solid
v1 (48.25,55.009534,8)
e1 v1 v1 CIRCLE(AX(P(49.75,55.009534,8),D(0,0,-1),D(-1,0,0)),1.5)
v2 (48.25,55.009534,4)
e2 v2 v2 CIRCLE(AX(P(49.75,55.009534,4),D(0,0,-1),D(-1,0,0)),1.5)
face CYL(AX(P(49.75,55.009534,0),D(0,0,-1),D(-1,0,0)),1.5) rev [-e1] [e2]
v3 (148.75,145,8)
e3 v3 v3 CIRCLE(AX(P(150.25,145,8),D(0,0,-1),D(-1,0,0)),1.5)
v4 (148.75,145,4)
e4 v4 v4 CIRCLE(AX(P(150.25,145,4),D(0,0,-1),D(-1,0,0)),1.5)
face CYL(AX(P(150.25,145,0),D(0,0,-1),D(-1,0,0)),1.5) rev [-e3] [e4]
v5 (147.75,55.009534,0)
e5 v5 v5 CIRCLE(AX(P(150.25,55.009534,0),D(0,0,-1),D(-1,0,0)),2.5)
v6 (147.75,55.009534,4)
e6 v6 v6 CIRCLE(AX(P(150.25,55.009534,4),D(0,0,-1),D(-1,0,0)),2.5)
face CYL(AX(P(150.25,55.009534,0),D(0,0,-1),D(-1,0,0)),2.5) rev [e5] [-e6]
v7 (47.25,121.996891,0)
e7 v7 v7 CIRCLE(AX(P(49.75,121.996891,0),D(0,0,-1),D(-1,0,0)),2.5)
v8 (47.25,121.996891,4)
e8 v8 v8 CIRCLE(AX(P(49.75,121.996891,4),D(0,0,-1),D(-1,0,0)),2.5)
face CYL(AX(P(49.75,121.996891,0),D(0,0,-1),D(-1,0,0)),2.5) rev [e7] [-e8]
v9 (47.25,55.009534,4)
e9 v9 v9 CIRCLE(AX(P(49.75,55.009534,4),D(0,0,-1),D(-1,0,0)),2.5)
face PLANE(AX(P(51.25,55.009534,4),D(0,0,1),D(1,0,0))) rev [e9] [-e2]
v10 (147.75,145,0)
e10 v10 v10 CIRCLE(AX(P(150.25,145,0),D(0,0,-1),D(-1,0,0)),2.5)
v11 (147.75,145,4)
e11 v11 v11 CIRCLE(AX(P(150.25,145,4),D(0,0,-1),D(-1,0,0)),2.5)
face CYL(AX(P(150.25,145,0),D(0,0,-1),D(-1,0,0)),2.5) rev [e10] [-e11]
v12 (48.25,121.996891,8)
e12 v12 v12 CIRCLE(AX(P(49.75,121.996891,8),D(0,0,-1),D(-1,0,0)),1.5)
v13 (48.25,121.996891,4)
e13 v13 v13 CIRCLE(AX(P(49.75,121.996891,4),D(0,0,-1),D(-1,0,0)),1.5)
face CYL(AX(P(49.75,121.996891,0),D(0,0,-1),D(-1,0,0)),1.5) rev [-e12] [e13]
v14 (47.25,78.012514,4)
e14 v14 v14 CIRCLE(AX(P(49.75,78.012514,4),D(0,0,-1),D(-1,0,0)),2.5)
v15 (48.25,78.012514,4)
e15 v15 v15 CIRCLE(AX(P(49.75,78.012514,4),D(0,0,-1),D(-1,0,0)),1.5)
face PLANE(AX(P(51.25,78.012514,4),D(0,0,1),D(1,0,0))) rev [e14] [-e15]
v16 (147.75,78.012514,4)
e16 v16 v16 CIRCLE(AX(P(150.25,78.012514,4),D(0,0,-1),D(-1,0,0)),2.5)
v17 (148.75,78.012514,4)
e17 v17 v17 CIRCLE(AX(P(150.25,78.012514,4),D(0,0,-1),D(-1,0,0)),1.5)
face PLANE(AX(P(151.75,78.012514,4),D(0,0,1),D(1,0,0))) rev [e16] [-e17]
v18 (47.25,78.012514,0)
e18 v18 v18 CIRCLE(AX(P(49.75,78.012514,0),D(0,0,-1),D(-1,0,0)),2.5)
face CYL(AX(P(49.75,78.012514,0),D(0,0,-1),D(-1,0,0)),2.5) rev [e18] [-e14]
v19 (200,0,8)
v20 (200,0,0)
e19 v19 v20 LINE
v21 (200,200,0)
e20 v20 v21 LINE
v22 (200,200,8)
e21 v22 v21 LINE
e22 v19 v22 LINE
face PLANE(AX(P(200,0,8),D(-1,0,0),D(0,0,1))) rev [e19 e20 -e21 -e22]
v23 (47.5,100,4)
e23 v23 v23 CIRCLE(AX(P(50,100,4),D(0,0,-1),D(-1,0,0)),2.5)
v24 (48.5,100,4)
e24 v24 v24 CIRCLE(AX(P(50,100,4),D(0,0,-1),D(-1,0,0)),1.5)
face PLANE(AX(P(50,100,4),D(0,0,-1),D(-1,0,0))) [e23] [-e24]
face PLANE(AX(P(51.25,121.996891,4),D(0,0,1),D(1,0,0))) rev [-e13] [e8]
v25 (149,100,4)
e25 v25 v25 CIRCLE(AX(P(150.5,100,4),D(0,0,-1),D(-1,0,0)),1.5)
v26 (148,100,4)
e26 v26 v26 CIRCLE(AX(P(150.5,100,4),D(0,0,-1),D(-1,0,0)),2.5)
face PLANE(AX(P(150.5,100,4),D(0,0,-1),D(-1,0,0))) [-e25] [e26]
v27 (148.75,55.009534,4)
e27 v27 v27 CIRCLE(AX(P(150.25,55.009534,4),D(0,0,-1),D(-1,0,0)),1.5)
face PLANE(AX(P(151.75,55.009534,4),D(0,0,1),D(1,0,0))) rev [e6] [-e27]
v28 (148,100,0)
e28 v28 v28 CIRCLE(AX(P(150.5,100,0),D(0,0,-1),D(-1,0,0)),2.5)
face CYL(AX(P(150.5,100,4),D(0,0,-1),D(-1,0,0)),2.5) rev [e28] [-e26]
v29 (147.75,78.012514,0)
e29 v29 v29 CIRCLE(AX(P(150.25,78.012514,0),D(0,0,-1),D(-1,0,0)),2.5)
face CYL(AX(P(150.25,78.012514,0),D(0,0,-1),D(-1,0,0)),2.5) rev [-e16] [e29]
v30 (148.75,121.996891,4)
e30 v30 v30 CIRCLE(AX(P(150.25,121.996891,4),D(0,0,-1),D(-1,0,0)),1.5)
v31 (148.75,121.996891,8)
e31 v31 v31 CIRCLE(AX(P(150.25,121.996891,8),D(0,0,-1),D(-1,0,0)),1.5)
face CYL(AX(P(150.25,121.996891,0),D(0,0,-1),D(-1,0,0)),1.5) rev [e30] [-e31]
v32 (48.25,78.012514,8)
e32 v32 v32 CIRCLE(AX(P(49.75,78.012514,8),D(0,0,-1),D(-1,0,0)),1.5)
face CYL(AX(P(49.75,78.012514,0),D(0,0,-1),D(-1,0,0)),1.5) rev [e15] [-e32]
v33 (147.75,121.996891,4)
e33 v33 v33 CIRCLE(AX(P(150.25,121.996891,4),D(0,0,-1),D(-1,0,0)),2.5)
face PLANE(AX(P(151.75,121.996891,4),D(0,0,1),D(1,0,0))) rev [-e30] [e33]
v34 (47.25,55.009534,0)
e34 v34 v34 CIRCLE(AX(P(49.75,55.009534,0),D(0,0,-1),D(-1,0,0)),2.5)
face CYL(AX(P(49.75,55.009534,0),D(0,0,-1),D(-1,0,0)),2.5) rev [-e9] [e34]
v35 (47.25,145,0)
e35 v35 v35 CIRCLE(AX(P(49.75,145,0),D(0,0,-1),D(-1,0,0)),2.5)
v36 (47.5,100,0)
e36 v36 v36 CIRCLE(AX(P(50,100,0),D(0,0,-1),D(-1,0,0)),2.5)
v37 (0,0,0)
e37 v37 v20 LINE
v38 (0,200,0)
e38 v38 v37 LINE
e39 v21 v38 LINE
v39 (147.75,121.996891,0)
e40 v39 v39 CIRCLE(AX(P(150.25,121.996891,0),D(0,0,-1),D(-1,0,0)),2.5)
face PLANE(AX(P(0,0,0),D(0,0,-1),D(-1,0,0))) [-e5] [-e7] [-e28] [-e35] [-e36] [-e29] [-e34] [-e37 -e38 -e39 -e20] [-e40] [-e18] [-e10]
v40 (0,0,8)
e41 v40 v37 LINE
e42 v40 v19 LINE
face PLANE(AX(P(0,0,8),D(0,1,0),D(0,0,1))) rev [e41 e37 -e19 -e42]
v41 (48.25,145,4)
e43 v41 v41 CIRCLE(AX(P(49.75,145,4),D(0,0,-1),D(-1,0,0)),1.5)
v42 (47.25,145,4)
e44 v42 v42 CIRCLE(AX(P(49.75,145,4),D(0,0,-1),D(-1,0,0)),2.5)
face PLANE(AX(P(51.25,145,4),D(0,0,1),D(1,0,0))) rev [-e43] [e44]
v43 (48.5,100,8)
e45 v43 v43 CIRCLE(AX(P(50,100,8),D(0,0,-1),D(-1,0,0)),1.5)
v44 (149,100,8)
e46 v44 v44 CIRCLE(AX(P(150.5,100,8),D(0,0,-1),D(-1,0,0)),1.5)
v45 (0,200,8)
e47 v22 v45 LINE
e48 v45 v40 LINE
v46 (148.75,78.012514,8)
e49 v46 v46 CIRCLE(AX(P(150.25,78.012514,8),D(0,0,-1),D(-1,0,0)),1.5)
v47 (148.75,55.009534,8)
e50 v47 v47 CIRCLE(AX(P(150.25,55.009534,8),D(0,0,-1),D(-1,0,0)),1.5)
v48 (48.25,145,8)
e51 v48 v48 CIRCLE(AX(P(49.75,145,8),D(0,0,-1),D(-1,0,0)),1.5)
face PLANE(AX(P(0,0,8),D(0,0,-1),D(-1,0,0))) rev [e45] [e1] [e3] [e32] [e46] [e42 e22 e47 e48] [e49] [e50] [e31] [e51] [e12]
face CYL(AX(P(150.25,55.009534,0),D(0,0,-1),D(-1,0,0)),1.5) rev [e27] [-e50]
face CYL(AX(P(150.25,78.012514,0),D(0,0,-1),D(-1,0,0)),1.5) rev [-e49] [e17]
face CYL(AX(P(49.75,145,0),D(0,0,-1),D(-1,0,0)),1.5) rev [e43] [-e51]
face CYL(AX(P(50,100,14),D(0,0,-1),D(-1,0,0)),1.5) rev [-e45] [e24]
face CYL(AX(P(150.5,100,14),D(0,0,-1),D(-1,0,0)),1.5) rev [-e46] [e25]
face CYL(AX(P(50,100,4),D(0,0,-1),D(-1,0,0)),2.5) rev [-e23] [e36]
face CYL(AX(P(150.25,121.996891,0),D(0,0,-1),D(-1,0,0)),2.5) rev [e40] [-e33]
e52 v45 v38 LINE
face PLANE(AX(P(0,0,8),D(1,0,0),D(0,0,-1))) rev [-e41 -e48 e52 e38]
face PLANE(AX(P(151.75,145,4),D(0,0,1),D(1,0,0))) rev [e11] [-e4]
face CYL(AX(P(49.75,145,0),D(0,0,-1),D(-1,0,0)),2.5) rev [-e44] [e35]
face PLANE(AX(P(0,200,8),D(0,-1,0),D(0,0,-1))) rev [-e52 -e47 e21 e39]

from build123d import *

# Parameters (mm, degrees)
SKETCH1_W                               = 200
SKETCH1_H                               = 200
BOSS_EXTRUDE1_DEPTH                     = 8
CBORE_FOR_M2_PAN_HEAD_SCREW1_AT_2_COUNT = 2
CBORE_FOR_M2_PAN_HEAD_SCREW1_AT_2_PITCH = 89.990465529
CBORE_FOR_M2_PAN_HEAD_SCREW1_AT_3_COUNT = 2
CBORE_FOR_M2_PAN_HEAD_SCREW1_AT_3_PITCH = 89.990465529
CBORE_FOR_M2_PAN_HEAD_SCREW1_AT_4_COUNT = 2
CBORE_FOR_M2_PAN_HEAD_SCREW1_AT_4_PITCH = 66.987356945
CBORE_FOR_M2_PAN_HEAD_SCREW1_AT_5_COUNT = 2
CBORE_FOR_M2_PAN_HEAD_SCREW1_AT_5_PITCH = 23.002979742
SKETCH7_R                               = 2.5
CUT_EXTRUDE1_DEPTH                      = 4
SKETCH9_R                               = 1.5
CUT_EXTRUDE2_DEPTH                      = 10
LPATTERN1_COUNT                         = 2
LPATTERN1_PITCH                         = 100.5


with BuildPart() as part:
    # Sketch1 → Boss-Extrude1 (new body)
    with BuildSketch(Plane.XY):
        with Locations((100, 100)):
            Rectangle(SKETCH1_W, SKETCH1_H)
    extrude(amount=BOSS_EXTRUDE1_DEPTH)

    # Sketch6 → CBORE for M2 Pan Head Screw1 (revolve, cut)
    with BuildSketch(Plane(origin=(49.75, 55.009534471, 0), x_dir=(0, 1, 0), z_dir=(1, 0, 0))):
        Polygon((0, 0), (0, 8.901290929), (1.5, 8), (1.5, 4), (2.5, 4), (2.5, 0), align=None)
    cbore_for_m2_pan_head_screw1 = revolve(axis=Axis((49.75, 55.009534471, -6.35), (0, 0, 1)), mode=Mode.SUBTRACT)

    # CBORE for M2 Pan Head Screw1 at 2: CBORE for M2 Pan Head Screw1 ×2
    with Locations(*[(0, i * CBORE_FOR_M2_PAN_HEAD_SCREW1_AT_2_PITCH, 0) for i in range(1, CBORE_FOR_M2_PAN_HEAD_SCREW1_AT_2_COUNT)]):
        add(cbore_for_m2_pan_head_screw1, mode=Mode.SUBTRACT)

    # CBORE for M2 Pan Head Screw1 at 3: CBORE for M2 Pan Head Screw1 ×2
    with Locations(*[(0, i * CBORE_FOR_M2_PAN_HEAD_SCREW1_AT_3_PITCH, 0) for i in range(1, CBORE_FOR_M2_PAN_HEAD_SCREW1_AT_3_COUNT)]):
        add(cbore_for_m2_pan_head_screw1, mode=Mode.SUBTRACT)

    # CBORE for M2 Pan Head Screw1 at 4: CBORE for M2 Pan Head Screw1 ×2
    with Locations(*[(0, i * CBORE_FOR_M2_PAN_HEAD_SCREW1_AT_4_PITCH, 0) for i in range(1, CBORE_FOR_M2_PAN_HEAD_SCREW1_AT_4_COUNT)]):
        add(cbore_for_m2_pan_head_screw1, mode=Mode.SUBTRACT)

    # CBORE for M2 Pan Head Screw1 at 5: CBORE for M2 Pan Head Screw1 ×2
    with Locations(*[(0, i * CBORE_FOR_M2_PAN_HEAD_SCREW1_AT_5_PITCH, 0) for i in range(1, CBORE_FOR_M2_PAN_HEAD_SCREW1_AT_5_COUNT)]):
        add(cbore_for_m2_pan_head_screw1, mode=Mode.SUBTRACT)

    # Sketch7 → Cut-Extrude1 (cut)
    with BuildSketch(Plane(origin=(0, 0, 0), x_dir=(-1, 0, 0), z_dir=(0, 0, -1))):
        with Locations((-50, 100)):
            Circle(SKETCH7_R)
    cut_extrude1 = extrude(amount=-CUT_EXTRUDE1_DEPTH, mode=Mode.SUBTRACT)

    # Sketch9 → Cut-Extrude2 (cut)
    with BuildSketch(Plane(origin=(0, 0, 4), x_dir=(-1, 0, 0), z_dir=(0, 0, -1))):
        with Locations((-50, 100)):
            Circle(SKETCH9_R)
    cut_extrude2 = extrude(amount=-CUT_EXTRUDE2_DEPTH, mode=Mode.SUBTRACT)

    # LPattern1: CBORE for M2 Pan Head Screw1, Cut-Extrude1, Cut-Extrude2 ×2
    with Locations(*[(i * LPATTERN1_PITCH, 0, 0) for i in range(1, LPATTERN1_COUNT)]):
        add(cbore_for_m2_pan_head_screw1, mode=Mode.SUBTRACT)
        add(cut_extrude1, mode=Mode.SUBTRACT)
        add(cut_extrude2, mode=Mode.SUBTRACT)

    # LPattern1 copy 1 sketch → LPattern1 copy 1 (revolve, cut)
    with BuildSketch(Plane(origin=(150.25, 145, 0), x_dir=(0, 1, 0), z_dir=(1, 0, 0))):
        Polygon((0, 0), (0, 8.901290929), (1.5, 8), (1.5, 4), (2.5, 4), (2.5, 0), align=None)
    revolve(axis=Axis((150.25, 145, -6.35), (0, 0, 1)), mode=Mode.SUBTRACT)

    # LPattern1 copy 2 sketch → LPattern1 copy 2 (revolve, cut)
    with BuildSketch(Plane(origin=(150.25, 145, 0), x_dir=(0, 1, 0), z_dir=(1, 0, 0))):
        Polygon((0, 0), (0, 8.901290929), (1.5, 8), (1.5, 4), (2.5, 4), (2.5, 0), align=None)
    revolve(axis=Axis((150.25, 145, -6.35), (0, 0, 1)), mode=Mode.SUBTRACT)

    # LPattern1 copy 3 sketch → LPattern1 copy 3 (revolve, cut)
    with BuildSketch(Plane(origin=(150.25, 121.996891416, 0), x_dir=(0, 1, 0), z_dir=(1, 0, 0))):
        Polygon((0, 0), (0, 8.901290929), (1.5, 8), (1.5, 4), (2.5, 4), (2.5, 0), align=None)
    revolve(axis=Axis((150.25, 121.996891416, -6.35), (0, 0, 1)), mode=Mode.SUBTRACT)

    # LPattern1 copy 4 sketch → LPattern1 copy 4 (revolve, cut)
    with BuildSketch(Plane(origin=(150.25, 78.012514213, 0), x_dir=(0, 1, 0), z_dir=(1, 0, 0))):
        Polygon((0, 0), (0, 8.901290929), (1.5, 8), (1.5, 4), (2.5, 4), (2.5, 0), align=None)
    revolve(axis=Axis((150.25, 78.012514213, -6.35), (0, 0, 1)), mode=Mode.SUBTRACT)


solid = part.part
